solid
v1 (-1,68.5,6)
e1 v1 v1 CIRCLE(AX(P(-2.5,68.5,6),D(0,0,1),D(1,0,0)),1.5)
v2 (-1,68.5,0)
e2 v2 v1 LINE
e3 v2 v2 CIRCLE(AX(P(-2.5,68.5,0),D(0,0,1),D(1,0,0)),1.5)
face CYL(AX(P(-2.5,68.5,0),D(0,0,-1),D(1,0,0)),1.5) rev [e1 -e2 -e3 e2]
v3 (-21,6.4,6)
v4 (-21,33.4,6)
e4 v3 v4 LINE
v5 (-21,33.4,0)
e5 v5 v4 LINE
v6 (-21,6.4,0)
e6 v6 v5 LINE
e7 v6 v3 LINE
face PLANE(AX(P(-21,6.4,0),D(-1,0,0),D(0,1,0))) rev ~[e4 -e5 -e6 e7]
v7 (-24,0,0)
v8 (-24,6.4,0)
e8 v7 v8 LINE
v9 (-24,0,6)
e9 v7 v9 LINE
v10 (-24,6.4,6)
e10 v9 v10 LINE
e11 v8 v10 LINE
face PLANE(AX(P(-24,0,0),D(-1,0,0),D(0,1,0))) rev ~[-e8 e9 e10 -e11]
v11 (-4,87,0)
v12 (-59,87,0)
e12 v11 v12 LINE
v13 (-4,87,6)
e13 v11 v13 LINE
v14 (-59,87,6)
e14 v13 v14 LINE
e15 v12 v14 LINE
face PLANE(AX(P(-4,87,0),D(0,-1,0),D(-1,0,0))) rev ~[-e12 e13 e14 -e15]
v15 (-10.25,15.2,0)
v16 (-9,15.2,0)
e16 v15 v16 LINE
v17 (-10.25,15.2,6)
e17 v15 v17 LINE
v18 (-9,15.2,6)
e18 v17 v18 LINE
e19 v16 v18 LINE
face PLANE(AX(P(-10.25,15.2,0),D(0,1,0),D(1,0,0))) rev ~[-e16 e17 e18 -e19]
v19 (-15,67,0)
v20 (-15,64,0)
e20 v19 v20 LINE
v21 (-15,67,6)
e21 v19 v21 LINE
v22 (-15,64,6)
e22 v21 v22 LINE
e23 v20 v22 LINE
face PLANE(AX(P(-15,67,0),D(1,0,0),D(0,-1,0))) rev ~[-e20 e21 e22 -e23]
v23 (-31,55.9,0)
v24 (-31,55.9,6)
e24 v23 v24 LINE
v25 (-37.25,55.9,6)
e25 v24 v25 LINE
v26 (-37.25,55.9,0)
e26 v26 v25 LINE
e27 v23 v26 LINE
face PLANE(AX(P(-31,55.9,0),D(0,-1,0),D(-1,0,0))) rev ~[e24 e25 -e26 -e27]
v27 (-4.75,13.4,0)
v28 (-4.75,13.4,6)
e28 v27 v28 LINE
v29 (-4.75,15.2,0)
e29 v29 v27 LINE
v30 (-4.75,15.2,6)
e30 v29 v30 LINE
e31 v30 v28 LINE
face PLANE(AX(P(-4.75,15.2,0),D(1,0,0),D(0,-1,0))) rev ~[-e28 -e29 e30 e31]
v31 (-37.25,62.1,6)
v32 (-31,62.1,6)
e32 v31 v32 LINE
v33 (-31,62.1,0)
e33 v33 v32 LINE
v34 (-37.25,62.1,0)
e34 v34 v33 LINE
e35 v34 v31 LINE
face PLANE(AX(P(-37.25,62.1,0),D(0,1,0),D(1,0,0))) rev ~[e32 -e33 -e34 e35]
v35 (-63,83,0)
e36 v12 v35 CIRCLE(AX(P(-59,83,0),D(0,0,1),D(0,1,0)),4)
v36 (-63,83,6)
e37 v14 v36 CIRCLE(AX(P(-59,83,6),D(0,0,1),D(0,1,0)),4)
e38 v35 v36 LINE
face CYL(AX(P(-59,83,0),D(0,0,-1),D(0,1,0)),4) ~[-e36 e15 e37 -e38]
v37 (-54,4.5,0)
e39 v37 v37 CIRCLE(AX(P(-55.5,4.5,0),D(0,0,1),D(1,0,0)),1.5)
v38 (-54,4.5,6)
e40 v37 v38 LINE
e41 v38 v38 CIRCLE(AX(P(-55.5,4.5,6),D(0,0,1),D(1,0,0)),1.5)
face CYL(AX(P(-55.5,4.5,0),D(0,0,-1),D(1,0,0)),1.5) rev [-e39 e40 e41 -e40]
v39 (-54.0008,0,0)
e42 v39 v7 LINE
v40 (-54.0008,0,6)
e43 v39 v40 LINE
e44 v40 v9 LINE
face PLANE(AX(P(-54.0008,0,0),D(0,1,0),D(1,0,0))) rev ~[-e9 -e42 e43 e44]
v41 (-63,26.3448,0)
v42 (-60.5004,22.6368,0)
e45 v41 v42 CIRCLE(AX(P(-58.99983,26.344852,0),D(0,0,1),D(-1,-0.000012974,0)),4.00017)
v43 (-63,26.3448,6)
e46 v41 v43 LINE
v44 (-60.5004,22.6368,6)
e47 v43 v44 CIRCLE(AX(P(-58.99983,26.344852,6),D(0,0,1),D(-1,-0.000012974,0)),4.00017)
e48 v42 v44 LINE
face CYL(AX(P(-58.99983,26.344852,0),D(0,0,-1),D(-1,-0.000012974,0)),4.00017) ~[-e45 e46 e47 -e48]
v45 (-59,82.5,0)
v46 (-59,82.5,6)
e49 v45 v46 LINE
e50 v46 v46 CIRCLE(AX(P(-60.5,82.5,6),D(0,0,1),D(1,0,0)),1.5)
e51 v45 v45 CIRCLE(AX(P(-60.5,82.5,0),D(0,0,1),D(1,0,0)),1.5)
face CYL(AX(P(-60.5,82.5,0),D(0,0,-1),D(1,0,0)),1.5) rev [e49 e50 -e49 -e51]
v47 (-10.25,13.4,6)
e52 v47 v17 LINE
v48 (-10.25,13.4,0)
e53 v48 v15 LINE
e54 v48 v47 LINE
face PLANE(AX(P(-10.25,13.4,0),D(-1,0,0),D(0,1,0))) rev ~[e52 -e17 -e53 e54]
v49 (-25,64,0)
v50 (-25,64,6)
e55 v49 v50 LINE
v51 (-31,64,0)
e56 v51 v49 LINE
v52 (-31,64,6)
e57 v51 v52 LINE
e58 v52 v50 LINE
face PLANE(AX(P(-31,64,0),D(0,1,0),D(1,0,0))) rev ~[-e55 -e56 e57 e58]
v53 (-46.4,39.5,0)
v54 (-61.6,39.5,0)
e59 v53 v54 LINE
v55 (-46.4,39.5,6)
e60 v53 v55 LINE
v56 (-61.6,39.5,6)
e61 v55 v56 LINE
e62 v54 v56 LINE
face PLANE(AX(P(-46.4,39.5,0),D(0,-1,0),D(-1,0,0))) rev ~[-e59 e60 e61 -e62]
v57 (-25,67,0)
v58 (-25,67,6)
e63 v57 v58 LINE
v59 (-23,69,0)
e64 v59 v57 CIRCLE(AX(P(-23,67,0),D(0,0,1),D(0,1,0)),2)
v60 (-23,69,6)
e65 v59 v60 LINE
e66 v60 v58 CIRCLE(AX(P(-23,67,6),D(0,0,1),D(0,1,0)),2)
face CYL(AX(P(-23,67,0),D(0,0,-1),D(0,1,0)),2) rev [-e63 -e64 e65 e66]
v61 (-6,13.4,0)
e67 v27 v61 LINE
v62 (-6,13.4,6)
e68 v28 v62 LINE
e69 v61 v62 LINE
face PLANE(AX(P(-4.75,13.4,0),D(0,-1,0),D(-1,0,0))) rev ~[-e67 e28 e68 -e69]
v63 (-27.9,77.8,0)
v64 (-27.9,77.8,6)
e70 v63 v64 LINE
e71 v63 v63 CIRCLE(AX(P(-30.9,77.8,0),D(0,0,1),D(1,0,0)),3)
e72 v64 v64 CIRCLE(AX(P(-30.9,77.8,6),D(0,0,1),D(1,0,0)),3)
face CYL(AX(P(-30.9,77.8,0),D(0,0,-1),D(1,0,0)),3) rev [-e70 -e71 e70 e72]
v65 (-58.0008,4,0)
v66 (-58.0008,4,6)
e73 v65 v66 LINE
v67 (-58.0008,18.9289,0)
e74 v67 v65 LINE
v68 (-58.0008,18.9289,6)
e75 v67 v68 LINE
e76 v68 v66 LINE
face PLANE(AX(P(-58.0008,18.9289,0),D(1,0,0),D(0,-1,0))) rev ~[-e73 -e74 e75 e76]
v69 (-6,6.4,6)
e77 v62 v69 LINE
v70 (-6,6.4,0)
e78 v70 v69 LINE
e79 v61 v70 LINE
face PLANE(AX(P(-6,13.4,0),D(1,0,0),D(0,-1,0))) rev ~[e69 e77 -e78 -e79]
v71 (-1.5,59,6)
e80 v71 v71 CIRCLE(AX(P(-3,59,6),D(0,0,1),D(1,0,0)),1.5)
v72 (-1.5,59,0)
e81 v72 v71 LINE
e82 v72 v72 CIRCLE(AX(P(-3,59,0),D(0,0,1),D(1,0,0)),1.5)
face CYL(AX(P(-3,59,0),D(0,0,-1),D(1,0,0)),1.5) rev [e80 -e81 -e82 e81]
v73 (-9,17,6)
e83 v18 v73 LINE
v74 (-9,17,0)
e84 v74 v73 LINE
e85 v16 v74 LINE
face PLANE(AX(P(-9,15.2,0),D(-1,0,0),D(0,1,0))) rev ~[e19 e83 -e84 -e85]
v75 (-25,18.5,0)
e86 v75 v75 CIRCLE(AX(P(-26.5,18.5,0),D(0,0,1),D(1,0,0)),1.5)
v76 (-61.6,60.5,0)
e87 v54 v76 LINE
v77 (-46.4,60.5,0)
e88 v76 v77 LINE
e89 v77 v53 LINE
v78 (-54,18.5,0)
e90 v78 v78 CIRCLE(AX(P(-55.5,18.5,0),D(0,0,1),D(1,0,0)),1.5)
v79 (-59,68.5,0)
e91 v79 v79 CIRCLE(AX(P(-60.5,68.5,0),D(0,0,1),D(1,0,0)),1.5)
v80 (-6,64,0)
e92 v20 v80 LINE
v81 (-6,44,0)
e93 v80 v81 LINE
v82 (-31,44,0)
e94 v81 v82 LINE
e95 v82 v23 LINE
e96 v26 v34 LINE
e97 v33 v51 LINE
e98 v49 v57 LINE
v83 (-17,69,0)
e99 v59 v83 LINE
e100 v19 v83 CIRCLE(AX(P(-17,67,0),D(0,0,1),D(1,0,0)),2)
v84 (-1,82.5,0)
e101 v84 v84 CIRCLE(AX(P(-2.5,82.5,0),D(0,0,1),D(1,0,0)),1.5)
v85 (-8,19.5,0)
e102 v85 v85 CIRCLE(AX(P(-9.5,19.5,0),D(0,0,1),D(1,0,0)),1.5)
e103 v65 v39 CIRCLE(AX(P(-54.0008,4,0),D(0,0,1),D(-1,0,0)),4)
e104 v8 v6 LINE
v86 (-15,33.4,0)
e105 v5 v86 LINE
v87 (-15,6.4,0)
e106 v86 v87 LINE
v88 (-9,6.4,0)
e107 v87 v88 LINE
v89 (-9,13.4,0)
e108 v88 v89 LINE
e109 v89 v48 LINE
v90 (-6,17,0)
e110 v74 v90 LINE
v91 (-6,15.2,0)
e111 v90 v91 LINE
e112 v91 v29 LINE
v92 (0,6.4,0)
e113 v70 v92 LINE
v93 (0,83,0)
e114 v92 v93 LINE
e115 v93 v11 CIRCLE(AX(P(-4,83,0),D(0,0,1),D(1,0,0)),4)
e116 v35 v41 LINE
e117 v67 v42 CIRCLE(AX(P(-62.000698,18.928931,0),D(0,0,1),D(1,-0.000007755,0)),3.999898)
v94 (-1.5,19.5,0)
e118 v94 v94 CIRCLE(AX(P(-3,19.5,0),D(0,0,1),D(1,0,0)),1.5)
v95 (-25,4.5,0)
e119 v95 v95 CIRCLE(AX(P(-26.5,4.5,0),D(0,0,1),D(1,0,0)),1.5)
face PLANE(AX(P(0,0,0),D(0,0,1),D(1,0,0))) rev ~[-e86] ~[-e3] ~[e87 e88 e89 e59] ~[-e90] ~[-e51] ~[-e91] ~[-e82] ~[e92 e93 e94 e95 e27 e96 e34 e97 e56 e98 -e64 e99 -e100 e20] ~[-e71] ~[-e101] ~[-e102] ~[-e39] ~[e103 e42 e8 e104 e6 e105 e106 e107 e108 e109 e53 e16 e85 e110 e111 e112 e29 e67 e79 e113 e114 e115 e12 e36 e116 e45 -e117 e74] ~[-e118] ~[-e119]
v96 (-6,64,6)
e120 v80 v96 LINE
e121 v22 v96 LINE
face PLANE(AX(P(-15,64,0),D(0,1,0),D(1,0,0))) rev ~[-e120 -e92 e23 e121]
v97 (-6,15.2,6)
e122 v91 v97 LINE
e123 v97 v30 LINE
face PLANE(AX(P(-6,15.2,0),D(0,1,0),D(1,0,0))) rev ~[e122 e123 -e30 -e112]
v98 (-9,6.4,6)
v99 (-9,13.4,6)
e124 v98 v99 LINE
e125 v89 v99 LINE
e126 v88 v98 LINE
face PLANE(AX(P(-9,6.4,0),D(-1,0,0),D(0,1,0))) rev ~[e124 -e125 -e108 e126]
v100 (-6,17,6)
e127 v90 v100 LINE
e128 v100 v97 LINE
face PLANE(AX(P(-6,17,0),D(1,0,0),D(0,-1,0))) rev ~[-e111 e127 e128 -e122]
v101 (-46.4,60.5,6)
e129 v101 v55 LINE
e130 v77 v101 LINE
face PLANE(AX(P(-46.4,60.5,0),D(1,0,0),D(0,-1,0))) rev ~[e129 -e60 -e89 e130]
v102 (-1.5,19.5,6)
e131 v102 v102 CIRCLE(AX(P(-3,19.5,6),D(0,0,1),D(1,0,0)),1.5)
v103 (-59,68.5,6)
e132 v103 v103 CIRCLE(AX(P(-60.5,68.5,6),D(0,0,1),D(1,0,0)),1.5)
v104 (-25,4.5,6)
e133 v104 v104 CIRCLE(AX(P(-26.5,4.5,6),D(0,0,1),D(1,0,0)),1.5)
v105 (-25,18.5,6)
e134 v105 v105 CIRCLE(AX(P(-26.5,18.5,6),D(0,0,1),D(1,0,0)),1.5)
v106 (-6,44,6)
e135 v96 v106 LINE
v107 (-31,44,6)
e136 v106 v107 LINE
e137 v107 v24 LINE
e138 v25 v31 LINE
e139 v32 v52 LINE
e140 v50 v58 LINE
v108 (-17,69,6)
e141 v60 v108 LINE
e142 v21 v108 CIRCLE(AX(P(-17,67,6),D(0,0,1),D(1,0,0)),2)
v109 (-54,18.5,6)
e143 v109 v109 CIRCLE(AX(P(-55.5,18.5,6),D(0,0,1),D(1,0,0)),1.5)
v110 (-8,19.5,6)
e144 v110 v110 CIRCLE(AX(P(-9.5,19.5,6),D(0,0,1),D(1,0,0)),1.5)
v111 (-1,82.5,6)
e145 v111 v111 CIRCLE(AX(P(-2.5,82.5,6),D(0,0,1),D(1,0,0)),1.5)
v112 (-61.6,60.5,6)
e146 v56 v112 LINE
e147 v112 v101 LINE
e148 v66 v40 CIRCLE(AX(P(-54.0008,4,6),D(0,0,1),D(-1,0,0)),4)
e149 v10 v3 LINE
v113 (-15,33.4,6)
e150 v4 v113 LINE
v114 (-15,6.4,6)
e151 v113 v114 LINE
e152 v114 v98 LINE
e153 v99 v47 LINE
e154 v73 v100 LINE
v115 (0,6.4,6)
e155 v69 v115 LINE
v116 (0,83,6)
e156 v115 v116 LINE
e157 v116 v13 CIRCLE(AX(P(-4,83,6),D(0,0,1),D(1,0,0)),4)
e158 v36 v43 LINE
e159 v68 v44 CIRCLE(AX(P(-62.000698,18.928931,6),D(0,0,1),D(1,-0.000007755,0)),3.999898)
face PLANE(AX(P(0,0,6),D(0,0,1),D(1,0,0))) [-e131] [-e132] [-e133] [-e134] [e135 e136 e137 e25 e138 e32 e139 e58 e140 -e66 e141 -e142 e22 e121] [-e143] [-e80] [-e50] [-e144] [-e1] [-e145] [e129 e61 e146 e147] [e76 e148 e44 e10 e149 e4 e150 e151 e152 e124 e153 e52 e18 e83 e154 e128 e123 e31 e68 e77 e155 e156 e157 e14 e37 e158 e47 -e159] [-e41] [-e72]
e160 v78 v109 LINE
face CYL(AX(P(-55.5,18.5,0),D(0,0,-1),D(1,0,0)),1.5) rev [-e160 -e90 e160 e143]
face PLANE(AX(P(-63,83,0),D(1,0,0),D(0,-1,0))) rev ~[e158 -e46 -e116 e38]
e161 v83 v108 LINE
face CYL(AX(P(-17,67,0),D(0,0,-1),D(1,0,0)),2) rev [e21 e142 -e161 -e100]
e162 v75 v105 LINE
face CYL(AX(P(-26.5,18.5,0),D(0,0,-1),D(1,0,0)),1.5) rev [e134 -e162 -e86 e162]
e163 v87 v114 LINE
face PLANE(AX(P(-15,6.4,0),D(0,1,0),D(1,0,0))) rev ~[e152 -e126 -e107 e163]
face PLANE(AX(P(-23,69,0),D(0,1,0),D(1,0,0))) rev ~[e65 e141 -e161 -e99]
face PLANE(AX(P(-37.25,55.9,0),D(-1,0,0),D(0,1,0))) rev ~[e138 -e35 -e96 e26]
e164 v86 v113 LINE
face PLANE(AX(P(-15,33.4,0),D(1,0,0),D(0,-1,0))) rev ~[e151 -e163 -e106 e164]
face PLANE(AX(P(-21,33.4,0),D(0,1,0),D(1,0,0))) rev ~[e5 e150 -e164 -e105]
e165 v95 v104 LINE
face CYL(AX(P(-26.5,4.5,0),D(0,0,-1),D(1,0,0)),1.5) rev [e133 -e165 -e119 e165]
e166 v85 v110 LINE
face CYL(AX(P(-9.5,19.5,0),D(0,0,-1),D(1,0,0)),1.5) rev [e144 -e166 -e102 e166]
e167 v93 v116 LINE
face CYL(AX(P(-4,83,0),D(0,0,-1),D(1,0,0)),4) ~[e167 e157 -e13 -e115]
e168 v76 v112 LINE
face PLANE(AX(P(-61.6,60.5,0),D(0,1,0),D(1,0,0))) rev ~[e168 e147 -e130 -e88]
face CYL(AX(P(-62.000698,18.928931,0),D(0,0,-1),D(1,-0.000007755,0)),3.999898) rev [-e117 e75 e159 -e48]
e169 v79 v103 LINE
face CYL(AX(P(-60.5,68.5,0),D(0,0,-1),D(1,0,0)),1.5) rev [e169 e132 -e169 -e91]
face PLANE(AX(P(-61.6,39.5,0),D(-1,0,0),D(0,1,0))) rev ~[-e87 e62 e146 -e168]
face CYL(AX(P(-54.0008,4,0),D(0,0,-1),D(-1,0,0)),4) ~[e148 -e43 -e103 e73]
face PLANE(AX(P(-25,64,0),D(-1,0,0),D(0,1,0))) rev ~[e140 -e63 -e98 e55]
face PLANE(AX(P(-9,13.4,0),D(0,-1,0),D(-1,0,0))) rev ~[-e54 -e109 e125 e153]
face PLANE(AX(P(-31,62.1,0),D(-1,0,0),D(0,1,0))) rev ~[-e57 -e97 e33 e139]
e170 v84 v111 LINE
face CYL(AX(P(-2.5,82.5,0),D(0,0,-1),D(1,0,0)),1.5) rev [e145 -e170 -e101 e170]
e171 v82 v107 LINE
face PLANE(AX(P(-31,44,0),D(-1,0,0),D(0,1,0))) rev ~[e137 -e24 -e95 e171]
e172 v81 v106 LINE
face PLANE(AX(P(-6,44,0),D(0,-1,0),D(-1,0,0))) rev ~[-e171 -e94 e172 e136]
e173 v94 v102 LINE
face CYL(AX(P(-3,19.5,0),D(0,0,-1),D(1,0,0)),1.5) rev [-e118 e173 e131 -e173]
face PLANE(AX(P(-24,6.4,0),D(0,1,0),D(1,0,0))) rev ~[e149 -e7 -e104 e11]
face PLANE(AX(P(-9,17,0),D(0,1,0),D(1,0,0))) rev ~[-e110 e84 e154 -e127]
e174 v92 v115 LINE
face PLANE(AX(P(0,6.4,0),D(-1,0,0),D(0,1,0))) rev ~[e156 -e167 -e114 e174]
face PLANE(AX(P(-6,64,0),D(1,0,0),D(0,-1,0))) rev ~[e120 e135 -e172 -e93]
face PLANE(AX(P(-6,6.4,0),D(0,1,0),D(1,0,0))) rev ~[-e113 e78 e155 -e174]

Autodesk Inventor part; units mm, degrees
ref_plane "YZ Plane" through (0, 0, 0) normal (1, 0, 0) x (0, 1, 0)
ref_plane "XZ Plane" through (0, 0, 0) normal (0, 1, 0) x (-1, 0, 0)
ref_plane "XY Plane" through (0, 0, 0) normal (0, 0, 1) x (1, 0, 0)
sketch "Sketch1" plane through (0, 0, 0) normal (0, 0, 1) x (1, 0, 0)
  line L0 (-31, 44) -> (-31, 55.9)
  line L1 (-31, 55.9) -> (-37.25, 55.9)
  line L2 (-37.25, 55.9) -> (-37.25, 62.1)
  line L3 (-37.25, 62.1) -> (-31, 62.1)
  line L4 (-31, 62.1) -> (-31, 64)
  line L5 (-31, 64) -> (-25, 64)
  line L6 (-25, 64) -> (-25, 67)
  arc A0 (-23, 69) -> (-25, 67) centre (-23, 67) ccw
  line L7 (-23, 69) -> (-17, 69)
  arc A1 (-15, 67) -> (-17, 69) centre (-17, 67) ccw
  line L8 (-15, 67) -> (-15, 64)
  line L9 (-15, 64) -> (-6, 64)
  line L10 (-6, 64) -> (-6, 44)
  line L11 (-6, 44) -> (-31, 44)
  line L12 (-61.6, 39.5) -> (-61.6, 60.5)
  line L13 (-61.6, 60.5) -> (-46.4, 60.5)
  line L14 (-46.4, 60.5) -> (-46.4, 39.5)
  line L15 (-46.4, 39.5) -> (-61.6, 39.5)
  circle A2 centre (-30.9, 77.8) radius 3
  circle A3 centre (-3, 59) radius 1.5
  circle A4 centre (-26.5, 18.5) radius 1.5
  circle A5 centre (-26.5, 4.5) radius 1.5
  circle A6 centre (-55.5, 4.5) radius 1.5
  circle A7 centre (-55.5, 18.5) radius 1.5
  circle A8 centre (-3, 19.5) radius 1.5
  circle A9 centre (-9.5, 19.5) radius 1.5
  circle A10 centre (-60.5, 68.5) radius 1.5
  circle A11 centre (-60.5, 82.5) radius 1.5
  circle A12 centre (-2.5, 82.5) radius 1.5
  circle A13 centre (-2.5, 68.5) radius 1.5
  arc A14 (0, 83) -> (-4, 87) centre (-4, 83) ccw
  line L16 (-4, 87) -> (-59, 87)
  arc A15 (-59, 87) -> (-63, 83) centre (-59, 83) ccw
  line L17 (-63, 83) -> (-63, 26.3448)
  arc A16 (-63, 26.3448) -> (-60.5004, 22.6368) centre (-59, 26.3448) ccw
  arc A17 (-58.0008, 18.9289) -> (-60.5004, 22.6368) centre (-62.0008, 18.9289) ccw
  line L18 (-58.0008, 18.9289) -> (-58.0008, 4)
  arc A18 (-58.0008, 4) -> (-54.0008, 0) centre (-54.0008, 4) ccw
  line L19 (-54.0008, 0) -> (-24, 0)
  line L20 (-24, 0) -> (-24, 6.4)
  line L21 (-24, 6.4) -> (-21, 6.4)
  line L22 (-21, 6.4) -> (-21, 33.4)
  line L23 (-21, 33.4) -> (-15, 33.4)
  line L24 (-15, 33.4) -> (-15, 6.4)
  line L25 (-15, 6.4) -> (-9, 6.4)
  line L26 (-9, 6.4) -> (-9, 13.4)
  line L27 (-9, 13.4) -> (-10.25, 13.4)
  line L28 (-10.25, 13.4) -> (-10.25, 15.2)
  line L29 (-10.25, 15.2) -> (-9, 15.2)
  line L30 (-9, 15.2) -> (-9, 17)
  line L31 (-9, 17) -> (-6, 17)
  line L32 (-6, 17) -> (-6, 15.2)
  line L33 (-6, 15.2) -> (-4.75, 15.2)
  line L34 (-4.75, 15.2) -> (-4.75, 13.4)
  line L35 (-4.75, 13.4) -> (-6, 13.4)
  line L36 (-6, 13.4) -> (-6, 6.4)
  line L37 (-6, 6.4) -> (0, 6.4)
  line L38 (0, 6.4) -> (0, 83)
  point P0 (0, 0)
  point P1 (0, 0)
extrude "Extrusion1" add sketch "Sketch1" along normal blind 6
properties part number "yCarTop"
